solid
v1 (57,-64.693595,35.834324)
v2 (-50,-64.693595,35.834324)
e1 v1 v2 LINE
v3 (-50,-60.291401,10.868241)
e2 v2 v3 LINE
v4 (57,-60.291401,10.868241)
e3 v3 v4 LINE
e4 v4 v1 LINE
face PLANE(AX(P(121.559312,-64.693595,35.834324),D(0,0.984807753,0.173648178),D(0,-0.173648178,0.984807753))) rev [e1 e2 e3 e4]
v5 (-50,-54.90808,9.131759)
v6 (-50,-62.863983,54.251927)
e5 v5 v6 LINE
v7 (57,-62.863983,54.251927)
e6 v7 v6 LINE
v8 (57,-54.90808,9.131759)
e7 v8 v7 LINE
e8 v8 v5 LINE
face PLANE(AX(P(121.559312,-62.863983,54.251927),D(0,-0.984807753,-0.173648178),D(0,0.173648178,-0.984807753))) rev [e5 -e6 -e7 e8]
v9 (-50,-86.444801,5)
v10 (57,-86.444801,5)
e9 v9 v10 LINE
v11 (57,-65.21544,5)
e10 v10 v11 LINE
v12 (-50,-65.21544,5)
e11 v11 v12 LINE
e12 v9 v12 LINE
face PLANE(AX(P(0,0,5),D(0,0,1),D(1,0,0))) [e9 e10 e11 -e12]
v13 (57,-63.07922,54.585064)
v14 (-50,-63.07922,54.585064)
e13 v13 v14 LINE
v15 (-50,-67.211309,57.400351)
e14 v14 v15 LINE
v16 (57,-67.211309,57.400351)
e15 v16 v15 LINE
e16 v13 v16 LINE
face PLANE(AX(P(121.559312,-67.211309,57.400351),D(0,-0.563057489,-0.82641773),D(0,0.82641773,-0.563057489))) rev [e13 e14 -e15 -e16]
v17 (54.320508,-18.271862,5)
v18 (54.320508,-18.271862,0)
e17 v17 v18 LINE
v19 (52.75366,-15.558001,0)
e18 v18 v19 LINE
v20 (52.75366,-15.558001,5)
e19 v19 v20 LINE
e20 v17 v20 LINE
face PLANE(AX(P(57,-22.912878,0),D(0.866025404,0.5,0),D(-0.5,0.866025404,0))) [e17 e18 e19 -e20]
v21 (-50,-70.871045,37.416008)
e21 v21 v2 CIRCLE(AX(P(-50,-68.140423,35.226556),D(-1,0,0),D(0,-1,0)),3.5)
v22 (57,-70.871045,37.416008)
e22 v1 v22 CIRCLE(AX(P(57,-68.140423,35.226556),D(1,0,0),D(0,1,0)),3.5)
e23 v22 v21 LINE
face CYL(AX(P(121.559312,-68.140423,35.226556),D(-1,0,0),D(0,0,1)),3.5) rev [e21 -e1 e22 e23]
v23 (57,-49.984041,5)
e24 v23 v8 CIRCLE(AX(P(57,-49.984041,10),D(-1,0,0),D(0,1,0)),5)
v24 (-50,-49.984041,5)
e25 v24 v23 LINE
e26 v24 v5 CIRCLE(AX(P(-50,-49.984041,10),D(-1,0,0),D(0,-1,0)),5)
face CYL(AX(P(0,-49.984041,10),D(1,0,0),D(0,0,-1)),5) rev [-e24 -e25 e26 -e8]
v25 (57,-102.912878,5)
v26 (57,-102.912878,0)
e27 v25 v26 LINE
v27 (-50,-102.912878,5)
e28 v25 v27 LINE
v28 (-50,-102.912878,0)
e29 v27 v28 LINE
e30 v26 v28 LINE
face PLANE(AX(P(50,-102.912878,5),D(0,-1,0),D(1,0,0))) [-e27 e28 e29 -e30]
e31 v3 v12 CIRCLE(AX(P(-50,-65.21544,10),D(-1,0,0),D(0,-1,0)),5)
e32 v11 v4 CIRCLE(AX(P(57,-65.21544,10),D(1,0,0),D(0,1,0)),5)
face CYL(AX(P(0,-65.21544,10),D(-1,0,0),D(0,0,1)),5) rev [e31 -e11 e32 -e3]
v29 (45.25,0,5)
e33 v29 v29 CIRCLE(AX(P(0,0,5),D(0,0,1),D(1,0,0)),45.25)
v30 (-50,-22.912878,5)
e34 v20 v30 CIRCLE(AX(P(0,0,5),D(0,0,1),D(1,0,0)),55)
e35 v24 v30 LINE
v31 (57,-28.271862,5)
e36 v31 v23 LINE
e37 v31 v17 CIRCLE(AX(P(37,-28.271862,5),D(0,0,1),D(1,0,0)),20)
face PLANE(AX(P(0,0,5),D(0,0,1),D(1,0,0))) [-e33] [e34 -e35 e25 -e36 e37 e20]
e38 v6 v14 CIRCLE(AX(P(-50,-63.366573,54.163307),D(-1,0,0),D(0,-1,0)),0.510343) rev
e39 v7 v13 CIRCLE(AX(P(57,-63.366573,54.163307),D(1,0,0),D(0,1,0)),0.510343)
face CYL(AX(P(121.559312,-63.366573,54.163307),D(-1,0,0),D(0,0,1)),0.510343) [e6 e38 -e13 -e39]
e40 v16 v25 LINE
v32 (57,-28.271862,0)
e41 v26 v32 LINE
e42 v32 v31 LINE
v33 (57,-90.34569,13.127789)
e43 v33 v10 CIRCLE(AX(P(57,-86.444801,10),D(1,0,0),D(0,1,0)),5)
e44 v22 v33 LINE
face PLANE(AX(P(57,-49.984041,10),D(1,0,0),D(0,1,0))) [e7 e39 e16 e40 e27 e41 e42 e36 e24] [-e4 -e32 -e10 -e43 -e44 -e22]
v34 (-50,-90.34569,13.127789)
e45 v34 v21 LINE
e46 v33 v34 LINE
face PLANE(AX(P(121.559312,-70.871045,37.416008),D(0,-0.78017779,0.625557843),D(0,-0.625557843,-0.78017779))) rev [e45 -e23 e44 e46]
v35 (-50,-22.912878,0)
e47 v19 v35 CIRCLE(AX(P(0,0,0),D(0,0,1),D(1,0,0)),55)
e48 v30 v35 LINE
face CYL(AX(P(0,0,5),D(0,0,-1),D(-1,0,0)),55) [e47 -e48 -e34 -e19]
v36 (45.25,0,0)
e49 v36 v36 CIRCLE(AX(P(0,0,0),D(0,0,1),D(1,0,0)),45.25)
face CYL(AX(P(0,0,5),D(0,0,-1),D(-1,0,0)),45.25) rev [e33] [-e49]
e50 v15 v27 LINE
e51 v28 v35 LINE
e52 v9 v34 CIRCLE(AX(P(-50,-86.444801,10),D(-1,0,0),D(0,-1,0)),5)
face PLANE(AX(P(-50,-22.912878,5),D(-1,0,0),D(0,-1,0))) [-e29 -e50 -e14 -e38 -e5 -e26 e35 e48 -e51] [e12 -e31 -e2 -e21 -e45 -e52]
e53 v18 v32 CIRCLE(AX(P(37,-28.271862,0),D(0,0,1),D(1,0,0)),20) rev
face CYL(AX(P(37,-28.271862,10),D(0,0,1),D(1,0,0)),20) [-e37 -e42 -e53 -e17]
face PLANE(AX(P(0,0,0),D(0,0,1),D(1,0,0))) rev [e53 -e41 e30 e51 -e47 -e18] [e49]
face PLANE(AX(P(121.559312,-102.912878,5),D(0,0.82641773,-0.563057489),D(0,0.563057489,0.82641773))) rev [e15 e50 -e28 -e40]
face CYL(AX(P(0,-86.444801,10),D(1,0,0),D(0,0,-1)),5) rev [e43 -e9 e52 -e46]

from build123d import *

# Parameters (mm, degrees)
ESQUISSE1_R                    = 55
ESQUISSE1_R_2                  = 45.25
BOSS_EXTRU_1_DEPTH             = 5
BOSS_EXTRU_2_DEPTH             = 5
BOSS_EXTRU_3_REACH             = 118.795
BOSS_EXTRU_3_DIRECTION_2_REACH = 118.795
CONG_1_R                       = 5
CONG_2_R                       = 5
CONG_3_R                       = 5
BOSS_EXTRU_4_DEPTH             = 7
BOSS_EXTRU_5_DEPTH             = 5
CONG_7_R                       = 20


with BuildPart() as part:
    # Esquisse1 → Boss.-Extru.1 (new body)
    with BuildSketch(Plane.XY):
        Circle(ESQUISSE1_R)
        Circle(ESQUISSE1_R_2, mode=Mode.SUBTRACT)
    extrude(amount=BOSS_EXTRU_1_DEPTH)

    # Esquisse2 → Boss.-Extru.2 (add)
    with BuildSketch(Plane(origin=(0, 0, 0), x_dir=(-1, 0, 0), z_dir=(0, 0, -1))):
        with BuildLine():
            Line((-50, -22.912878475), (-50, -102.912878475))
            Line((-50, -102.912878475), (50, -102.912878475))
            Line((50, -102.912878475), (50, -22.912878475))
            ThreePointArc((50, -22.912878475), (0, -55), (-50, -22.912878475))
        make_face()
    extrude(amount=-BOSS_EXTRU_2_DEPTH)

    # Boss.-Extru.3: up to this face of the body (flat: up to its plane)
    boss_extru_3_end = Plane(part.part.faces().sort_by_distance((50, -62.912878475, 2.5))[0])
    # Esquisse3 → Boss.-Extru.3 (add, up to the picked face)
    with BuildSketch(Plane(origin=(0, 0, 0), x_dir=(0, 0, -1), z_dir=(1, 0, 0)), mode=Mode.PRIVATE) as boss_extru_3_sk1:
        with BuildLine():
            Line((-5, -102.912878475), (-57.400351245, -67.211308793))
            Line((-57.400351245, -67.211308793), (-54.585063802, -63.079220143))
            ThreePointArc((-54.585063802, -63.079220143), (-54.440259998, -62.937915144), (-54.251927212, -62.863982707))
            Line((-54.251927212, -62.863982707), (-5, -54.179539087))
            Line((-5, -54.179539087), (-5, -59.256672147))
            Line((-5, -59.256672147), (-35.834324462, -64.693595481))
            ThreePointArc((-35.834324462, -64.693595481), (-38.617179929, -67.272281909), (-37.416008291, -70.871044883))
            Line((-37.416008291, -70.871044883), (-5, -96.86266946))
            Line((-5, -96.86266946), (-5, -102.912878475))
        make_face()
    boss_extru_3_tool1 = split(extrude(boss_extru_3_sk1.sketch, amount=BOSS_EXTRU_3_REACH, mode=Mode.PRIVATE), bisect_by=boss_extru_3_end, keep=Keep.BOTH, mode=Mode.PRIVATE)
    add(boss_extru_3_tool1.solids().sort_by(Axis((0, -84.470715, 30.797256), (1, 0, 0)))[0])

    # Boss.-Extru.3 direction 2: up to this face of the body (flat: up to its plane)
    boss_extru_3_direction_2_end = Plane(part.part.faces().sort_by_distance((-50, -62.912878475, 2.5))[0])
    # Esquisse3 → Boss.-Extru.3 direction 2 (add, up to the picked face)
    with BuildSketch(Plane(origin=(0, 0, 0), x_dir=(0, 0, -1), z_dir=(1, 0, 0)), mode=Mode.PRIVATE) as boss_extru_3_direction_2_sk1:
        with BuildLine():
            Line((-5, -102.912878475), (-57.400351245, -67.211308793))
            Line((-57.400351245, -67.211308793), (-54.585063802, -63.079220143))
            ThreePointArc((-54.585063802, -63.079220143), (-54.440259998, -62.937915144), (-54.251927212, -62.863982707))
            Line((-54.251927212, -62.863982707), (-5, -54.179539087))
            Line((-5, -54.179539087), (-5, -59.256672147))
            Line((-5, -59.256672147), (-35.834324462, -64.693595481))
            ThreePointArc((-35.834324462, -64.693595481), (-38.617179929, -67.272281909), (-37.416008291, -70.871044883))
            Line((-37.416008291, -70.871044883), (-5, -96.86266946))
            Line((-5, -96.86266946), (-5, -102.912878475))
        make_face()
    boss_extru_3_direction_2_tool1 = split(extrude(boss_extru_3_direction_2_sk1.sketch, amount=-BOSS_EXTRU_3_DIRECTION_2_REACH, mode=Mode.PRIVATE), bisect_by=boss_extru_3_direction_2_end, keep=Keep.BOTH, mode=Mode.PRIVATE)
    add(boss_extru_3_direction_2_tool1.solids().sort_by(Axis((0, -84.470715, 30.797256), (-1, 0, 0)))[0])

    # Congé1
    cong_1_edges = [part.edges().sort_by_distance(p)[0] for p in [
        (0, -59.256672147, 5),
    ]]
    fillet(cong_1_edges, radius=CONG_1_R)

    # Congé2
    cong_2_edges = [part.edges().sort_by_distance(p)[0] for p in [
        (0, -54.179539087, 5),
    ]]
    fillet(cong_2_edges, radius=CONG_2_R)

    # Congé3
    cong_3_edges = [part.edges().sort_by_distance(p)[0] for p in [
        (0, -96.86266946, 5),
    ]]
    fillet(cong_3_edges, radius=CONG_3_R)

    # Esquisse5 → Boss.-Extru.4 (add)
    with BuildSketch(Plane(origin=(50, 0, 0), x_dir=(0, 0, -1), z_dir=(1, 0, 0))):
        with BuildLine():
            Line((-9.131759112, -54.908079696), (-54.251927212, -62.863982707))
            ThreePointArc((-54.251927212, -62.863982707), (-54.440259998, -62.937915144), (-54.585063802, -63.079220143))
            Line((-54.585063802, -63.079220143), (-57.400351245, -67.211308793))
            Line((-57.400351245, -67.211308793), (-5, -102.912878475))
            Line((-5, -102.912878475), (0, -102.912878475))
            Line((0, -102.912878475), (0, -22.912878475))
            Line((0, -22.912878475), (-5, -22.912878475))
            Line((-5, -22.912878475), (-5, -49.984040931))
            ThreePointArc((-5, -49.984040931), (-6.169777784, -53.19797898), (-9.131759112, -54.908079696))
        make_face()
        with BuildLine():
            Line((-35.834324462, -64.693595481), (-10.868240888, -60.291401345))
            ThreePointArc((-10.868240888, -60.291401345), (-6.786061952, -61.385217894), (-5, -65.21544011))
            Line((-5, -65.21544011), (-5, -86.444801488))
            ThreePointArc((-5, -86.444801488), (-7.836547445, -90.952514105), (-13.127789216, -90.34569044))
            Line((-13.127789216, -90.34569044), (-37.416008291, -70.871044883))
            ThreePointArc((-37.416008291, -70.871044883), (-38.617179929, -67.272281909), (-35.834324462, -64.693595481))
        make_face(mode=Mode.SUBTRACT)
    extrude(amount=BOSS_EXTRU_4_DEPTH)

    # Esquisse6 → Boss.-Extru.5 (add, through all)
    with BuildSketch(Plane.XY.offset(5)):
        with BuildLine():
            Line((57, -22.912878475), (52.753659593, -15.558001143))
            ThreePointArc((52.753659593, -15.558001143), (51.508273074, -19.284652056), (50, -22.912878475))
            Line((50, -22.912878475), (57, -22.912878475))
        make_face()
    extrude(amount=-BOSS_EXTRU_5_DEPTH)

    # Congé7
    cong_7_edges = [part.edges().sort_by_distance(p)[0] for p in [
        (57, -22.912878475, 2.5),
    ]]
    fillet(cong_7_edges, radius=CONG_7_R)


solid = part.part
